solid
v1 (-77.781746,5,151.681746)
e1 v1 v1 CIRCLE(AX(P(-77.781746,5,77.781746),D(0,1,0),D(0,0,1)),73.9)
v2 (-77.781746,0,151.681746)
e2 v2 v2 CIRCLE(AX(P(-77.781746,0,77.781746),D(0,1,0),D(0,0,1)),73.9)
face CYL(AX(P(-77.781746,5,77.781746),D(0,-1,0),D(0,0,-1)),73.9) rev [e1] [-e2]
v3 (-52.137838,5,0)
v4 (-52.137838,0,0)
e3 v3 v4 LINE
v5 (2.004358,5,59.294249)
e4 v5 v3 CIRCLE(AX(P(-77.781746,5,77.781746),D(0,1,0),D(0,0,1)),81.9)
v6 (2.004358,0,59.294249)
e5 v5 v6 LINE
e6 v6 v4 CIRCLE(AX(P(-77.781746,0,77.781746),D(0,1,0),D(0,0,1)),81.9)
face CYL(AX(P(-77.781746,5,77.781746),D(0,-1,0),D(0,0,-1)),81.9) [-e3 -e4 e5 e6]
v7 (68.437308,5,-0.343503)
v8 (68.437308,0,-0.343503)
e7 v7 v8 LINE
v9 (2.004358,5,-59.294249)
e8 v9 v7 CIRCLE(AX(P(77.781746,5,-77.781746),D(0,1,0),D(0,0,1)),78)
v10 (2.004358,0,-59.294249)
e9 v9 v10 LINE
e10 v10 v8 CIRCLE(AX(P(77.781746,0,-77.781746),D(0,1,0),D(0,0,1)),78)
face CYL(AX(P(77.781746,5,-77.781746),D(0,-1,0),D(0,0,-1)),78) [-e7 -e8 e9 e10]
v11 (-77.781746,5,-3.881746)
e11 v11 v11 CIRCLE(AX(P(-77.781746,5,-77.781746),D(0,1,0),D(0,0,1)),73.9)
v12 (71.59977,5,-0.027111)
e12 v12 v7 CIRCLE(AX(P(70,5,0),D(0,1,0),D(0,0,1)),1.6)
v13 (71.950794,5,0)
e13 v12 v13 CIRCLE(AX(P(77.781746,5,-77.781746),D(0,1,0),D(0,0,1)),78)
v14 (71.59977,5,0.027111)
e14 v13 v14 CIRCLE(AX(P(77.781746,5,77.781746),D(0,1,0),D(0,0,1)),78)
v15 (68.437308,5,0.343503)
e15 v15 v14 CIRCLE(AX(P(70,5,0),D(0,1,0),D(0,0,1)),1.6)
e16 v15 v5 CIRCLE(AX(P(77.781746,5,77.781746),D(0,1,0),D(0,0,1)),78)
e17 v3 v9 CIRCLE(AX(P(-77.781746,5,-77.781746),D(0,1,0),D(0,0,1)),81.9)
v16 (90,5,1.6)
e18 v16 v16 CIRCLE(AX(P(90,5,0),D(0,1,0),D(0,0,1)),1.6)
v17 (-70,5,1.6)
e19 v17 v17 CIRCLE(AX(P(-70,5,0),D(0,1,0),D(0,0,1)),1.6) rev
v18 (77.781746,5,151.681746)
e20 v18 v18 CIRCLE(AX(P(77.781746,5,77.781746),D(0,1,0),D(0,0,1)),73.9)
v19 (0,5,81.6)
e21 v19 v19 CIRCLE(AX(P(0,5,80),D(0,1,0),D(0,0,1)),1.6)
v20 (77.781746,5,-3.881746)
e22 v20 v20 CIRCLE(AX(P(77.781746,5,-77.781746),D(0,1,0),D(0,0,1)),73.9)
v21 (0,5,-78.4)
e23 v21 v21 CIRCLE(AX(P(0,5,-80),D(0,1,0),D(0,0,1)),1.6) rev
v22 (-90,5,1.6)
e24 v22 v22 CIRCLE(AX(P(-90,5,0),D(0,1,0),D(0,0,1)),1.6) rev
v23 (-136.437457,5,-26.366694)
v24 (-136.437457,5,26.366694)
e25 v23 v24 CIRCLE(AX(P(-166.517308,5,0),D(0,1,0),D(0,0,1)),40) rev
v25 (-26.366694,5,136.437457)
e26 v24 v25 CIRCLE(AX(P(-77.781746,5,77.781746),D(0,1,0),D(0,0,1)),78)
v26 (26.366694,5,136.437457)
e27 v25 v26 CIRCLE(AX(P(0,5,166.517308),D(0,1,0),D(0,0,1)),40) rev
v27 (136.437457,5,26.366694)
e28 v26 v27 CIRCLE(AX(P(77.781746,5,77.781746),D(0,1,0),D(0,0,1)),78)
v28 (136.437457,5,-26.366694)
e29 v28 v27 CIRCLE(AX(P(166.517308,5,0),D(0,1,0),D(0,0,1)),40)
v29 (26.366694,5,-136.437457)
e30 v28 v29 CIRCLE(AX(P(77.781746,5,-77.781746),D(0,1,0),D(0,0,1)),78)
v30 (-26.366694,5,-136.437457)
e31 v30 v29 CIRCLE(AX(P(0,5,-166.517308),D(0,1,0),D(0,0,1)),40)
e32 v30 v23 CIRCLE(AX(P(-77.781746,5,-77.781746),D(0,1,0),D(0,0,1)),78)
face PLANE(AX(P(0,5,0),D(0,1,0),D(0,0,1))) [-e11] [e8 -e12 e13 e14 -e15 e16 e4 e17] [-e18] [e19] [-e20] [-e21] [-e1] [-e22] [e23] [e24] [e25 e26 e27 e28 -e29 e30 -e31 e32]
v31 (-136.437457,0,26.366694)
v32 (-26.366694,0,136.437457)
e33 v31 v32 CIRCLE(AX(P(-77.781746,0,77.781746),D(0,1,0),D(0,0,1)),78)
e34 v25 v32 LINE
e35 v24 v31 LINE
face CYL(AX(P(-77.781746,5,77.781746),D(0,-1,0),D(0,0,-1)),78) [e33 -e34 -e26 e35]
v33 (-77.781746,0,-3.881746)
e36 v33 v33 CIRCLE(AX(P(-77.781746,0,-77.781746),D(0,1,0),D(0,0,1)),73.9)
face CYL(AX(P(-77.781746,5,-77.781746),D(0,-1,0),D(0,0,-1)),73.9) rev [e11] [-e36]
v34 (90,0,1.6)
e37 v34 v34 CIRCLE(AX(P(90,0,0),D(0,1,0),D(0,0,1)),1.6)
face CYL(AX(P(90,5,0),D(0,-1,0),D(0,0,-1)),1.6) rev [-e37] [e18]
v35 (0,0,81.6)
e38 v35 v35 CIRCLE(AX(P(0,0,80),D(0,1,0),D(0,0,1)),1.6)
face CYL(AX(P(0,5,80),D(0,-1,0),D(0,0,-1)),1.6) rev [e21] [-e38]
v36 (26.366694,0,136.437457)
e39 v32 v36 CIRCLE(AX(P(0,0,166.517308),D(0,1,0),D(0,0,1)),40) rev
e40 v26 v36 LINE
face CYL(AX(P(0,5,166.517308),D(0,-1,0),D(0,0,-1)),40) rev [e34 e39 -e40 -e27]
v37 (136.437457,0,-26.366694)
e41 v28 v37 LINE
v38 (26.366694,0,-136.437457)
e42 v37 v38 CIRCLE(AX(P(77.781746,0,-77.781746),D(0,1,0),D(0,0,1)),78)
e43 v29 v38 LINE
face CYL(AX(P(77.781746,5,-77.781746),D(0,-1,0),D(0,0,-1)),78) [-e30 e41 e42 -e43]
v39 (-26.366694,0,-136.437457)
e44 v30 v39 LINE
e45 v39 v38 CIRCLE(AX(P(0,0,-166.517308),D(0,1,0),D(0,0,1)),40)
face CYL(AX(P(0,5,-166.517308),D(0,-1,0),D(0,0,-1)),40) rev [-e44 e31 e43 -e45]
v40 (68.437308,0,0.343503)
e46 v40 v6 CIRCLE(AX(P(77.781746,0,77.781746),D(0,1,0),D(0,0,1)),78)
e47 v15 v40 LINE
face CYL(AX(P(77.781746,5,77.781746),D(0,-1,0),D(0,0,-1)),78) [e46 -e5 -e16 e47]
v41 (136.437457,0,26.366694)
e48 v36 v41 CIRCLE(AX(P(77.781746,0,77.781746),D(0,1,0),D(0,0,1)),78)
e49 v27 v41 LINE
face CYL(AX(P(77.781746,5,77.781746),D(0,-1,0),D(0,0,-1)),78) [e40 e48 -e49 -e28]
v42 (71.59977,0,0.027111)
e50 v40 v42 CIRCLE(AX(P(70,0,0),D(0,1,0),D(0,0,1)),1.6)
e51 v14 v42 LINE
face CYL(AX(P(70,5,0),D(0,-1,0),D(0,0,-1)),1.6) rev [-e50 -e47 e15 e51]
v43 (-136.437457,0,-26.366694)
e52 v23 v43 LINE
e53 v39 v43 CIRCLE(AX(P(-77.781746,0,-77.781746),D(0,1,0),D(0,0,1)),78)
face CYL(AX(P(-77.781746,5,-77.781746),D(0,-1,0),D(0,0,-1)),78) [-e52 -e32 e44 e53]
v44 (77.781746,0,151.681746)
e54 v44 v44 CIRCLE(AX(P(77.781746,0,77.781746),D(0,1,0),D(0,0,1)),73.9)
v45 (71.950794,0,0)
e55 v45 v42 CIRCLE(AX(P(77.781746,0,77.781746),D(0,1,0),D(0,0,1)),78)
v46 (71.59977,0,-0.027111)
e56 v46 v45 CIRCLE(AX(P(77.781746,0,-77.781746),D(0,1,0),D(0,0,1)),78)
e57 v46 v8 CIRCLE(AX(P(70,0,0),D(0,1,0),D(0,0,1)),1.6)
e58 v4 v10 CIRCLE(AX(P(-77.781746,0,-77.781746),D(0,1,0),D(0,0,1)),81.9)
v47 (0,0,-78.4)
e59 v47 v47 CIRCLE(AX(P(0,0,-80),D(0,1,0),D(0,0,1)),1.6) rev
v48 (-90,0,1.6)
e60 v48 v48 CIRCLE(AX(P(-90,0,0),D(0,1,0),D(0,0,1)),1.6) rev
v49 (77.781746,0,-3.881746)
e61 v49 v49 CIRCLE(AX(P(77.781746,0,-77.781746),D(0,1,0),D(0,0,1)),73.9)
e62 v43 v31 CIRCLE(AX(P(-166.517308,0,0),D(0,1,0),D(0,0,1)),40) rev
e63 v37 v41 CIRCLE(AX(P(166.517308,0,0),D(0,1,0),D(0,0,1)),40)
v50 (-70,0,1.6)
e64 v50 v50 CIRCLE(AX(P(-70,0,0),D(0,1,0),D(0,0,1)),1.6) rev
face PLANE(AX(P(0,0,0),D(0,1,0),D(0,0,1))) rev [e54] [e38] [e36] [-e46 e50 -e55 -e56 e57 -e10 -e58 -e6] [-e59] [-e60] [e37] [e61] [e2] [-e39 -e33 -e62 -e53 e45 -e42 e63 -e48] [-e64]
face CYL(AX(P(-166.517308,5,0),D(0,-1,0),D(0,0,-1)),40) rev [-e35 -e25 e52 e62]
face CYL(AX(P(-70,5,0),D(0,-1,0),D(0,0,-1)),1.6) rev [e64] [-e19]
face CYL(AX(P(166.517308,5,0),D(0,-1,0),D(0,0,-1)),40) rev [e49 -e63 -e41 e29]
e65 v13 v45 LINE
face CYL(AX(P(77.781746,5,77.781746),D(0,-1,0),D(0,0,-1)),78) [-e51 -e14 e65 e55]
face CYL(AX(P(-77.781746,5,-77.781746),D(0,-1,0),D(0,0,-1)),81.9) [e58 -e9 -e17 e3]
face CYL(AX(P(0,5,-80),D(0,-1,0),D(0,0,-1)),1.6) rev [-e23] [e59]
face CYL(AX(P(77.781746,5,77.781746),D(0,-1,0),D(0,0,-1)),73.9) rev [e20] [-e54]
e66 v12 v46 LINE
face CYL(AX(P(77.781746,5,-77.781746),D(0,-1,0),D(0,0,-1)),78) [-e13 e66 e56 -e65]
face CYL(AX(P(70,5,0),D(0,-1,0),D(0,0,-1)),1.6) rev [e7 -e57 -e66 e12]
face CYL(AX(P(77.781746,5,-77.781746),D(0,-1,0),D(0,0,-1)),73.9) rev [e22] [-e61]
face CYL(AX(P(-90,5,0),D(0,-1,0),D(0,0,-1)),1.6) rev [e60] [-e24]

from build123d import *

# Parameters (mm, degrees)
SKETCH_9_R      = 1.6
SKETCH_9_R_2    = 73.9
EXTRUDE_4_DEPTH = 5


with BuildPart() as part:
    # 草图9 → 凸台-拉伸4 (new body)
    with BuildSketch(Plane(origin=(0, 0, 0), x_dir=(1, 0, 0), z_dir=(0, 1, 0))):
        with BuildLine():
            ThreePointArc((136.437456541, -26.366693536), (126.517308136, 0), (136.437456541, 26.366693536))
            ThreePointArc((136.437456541, 26.366693536), (132.936074863, 132.936074863), (26.366693536, 136.437456541))
            ThreePointArc((26.366693536, 136.437456541), (0, 126.517308136), (-26.366693536, 136.437456541))
            ThreePointArc((-26.366693536, 136.437456541), (-132.936074863, 132.936074863), (-136.437456541, 26.366693536))
            ThreePointArc((-136.437456541, 26.366693536), (-126.517308136, 0), (-136.437456541, -26.366693536))
            ThreePointArc((-136.437456541, -26.366693536), (-132.936074863, -132.936074863), (-26.366693536, -136.437456541))
            ThreePointArc((-26.366693536, -136.437456541), (0, -126.517308136), (26.366693536, -136.437456541))
            ThreePointArc((26.366693536, -136.437456541), (132.936074863, -132.936074863), (136.437456541, -26.366693536))
        make_face()
        with Locations(Location((0, -80, 0), (0, 0, 270))):
            Circle(SKETCH_9_R, mode=Mode.SUBTRACT)
        with Locations(Location((-77.781745931, -77.781745931, 0), (0, 0, 270))):
            Circle(SKETCH_9_R_2, mode=Mode.SUBTRACT)
        with Locations(Location((77.781745931, -77.781745931, 0), (0, 0, 270))):
            Circle(SKETCH_9_R_2, mode=Mode.SUBTRACT)
        with Locations(Location((-90, 0, 0), (0, 0, 270))):
            Circle(SKETCH_9_R, mode=Mode.SUBTRACT)
        with Locations(Location((-70, 0, 0), (0, 0, 270))):
            Circle(SKETCH_9_R, mode=Mode.SUBTRACT)
        with Locations(Location((-77.781745931, 77.781745931, 0), (0, 0, 270))):
            Circle(SKETCH_9_R_2, mode=Mode.SUBTRACT)
        with Locations(Location((0, 80, 0), (0, 0, 270))):
            Circle(SKETCH_9_R, mode=Mode.SUBTRACT)
        with BuildLine():
            ThreePointArc((68.43730817, -0.343502905), (26.010818803, -19.439898991), (2.004358454, -59.29424888))
            ThreePointArc((2.004358454, -59.29424888), (-17.301800102, -22.556876962), (-52.137838272, 0))
            ThreePointArc((-52.137838272, 0), (-17.301800102, 22.556876962), (2.004358454, 59.29424888))
            ThreePointArc((2.004358454, 59.29424888), (26.010818803, 19.439898991), (68.43730817, 0.343502905))
            ThreePointArc((68.43730817, 0.343502905), (70.159278325, 1.592052265), (71.599770286, 0.027111489))
            ThreePointArc((71.599770286, 0.027111489), (71.775266864, 0.013357692), (71.950794036, 0))
            ThreePointArc((71.950794036, 0), (71.775266864, -0.013357692), (71.599770286, -0.027111489))
            ThreePointArc((71.599770286, -0.027111489), (70.159278325, -1.592052265), (68.43730817, -0.343502905))
        make_face(mode=Mode.SUBTRACT)
        with Locations(Location((77.781745931, 77.781745931, 0), (0, 0, 270))):
            Circle(SKETCH_9_R_2, mode=Mode.SUBTRACT)
        with Locations(Location((90, 0, 0), (0, 0, 270))):
            Circle(SKETCH_9_R, mode=Mode.SUBTRACT)
    extrude(amount=EXTRUDE_4_DEPTH)


solid = part.part
